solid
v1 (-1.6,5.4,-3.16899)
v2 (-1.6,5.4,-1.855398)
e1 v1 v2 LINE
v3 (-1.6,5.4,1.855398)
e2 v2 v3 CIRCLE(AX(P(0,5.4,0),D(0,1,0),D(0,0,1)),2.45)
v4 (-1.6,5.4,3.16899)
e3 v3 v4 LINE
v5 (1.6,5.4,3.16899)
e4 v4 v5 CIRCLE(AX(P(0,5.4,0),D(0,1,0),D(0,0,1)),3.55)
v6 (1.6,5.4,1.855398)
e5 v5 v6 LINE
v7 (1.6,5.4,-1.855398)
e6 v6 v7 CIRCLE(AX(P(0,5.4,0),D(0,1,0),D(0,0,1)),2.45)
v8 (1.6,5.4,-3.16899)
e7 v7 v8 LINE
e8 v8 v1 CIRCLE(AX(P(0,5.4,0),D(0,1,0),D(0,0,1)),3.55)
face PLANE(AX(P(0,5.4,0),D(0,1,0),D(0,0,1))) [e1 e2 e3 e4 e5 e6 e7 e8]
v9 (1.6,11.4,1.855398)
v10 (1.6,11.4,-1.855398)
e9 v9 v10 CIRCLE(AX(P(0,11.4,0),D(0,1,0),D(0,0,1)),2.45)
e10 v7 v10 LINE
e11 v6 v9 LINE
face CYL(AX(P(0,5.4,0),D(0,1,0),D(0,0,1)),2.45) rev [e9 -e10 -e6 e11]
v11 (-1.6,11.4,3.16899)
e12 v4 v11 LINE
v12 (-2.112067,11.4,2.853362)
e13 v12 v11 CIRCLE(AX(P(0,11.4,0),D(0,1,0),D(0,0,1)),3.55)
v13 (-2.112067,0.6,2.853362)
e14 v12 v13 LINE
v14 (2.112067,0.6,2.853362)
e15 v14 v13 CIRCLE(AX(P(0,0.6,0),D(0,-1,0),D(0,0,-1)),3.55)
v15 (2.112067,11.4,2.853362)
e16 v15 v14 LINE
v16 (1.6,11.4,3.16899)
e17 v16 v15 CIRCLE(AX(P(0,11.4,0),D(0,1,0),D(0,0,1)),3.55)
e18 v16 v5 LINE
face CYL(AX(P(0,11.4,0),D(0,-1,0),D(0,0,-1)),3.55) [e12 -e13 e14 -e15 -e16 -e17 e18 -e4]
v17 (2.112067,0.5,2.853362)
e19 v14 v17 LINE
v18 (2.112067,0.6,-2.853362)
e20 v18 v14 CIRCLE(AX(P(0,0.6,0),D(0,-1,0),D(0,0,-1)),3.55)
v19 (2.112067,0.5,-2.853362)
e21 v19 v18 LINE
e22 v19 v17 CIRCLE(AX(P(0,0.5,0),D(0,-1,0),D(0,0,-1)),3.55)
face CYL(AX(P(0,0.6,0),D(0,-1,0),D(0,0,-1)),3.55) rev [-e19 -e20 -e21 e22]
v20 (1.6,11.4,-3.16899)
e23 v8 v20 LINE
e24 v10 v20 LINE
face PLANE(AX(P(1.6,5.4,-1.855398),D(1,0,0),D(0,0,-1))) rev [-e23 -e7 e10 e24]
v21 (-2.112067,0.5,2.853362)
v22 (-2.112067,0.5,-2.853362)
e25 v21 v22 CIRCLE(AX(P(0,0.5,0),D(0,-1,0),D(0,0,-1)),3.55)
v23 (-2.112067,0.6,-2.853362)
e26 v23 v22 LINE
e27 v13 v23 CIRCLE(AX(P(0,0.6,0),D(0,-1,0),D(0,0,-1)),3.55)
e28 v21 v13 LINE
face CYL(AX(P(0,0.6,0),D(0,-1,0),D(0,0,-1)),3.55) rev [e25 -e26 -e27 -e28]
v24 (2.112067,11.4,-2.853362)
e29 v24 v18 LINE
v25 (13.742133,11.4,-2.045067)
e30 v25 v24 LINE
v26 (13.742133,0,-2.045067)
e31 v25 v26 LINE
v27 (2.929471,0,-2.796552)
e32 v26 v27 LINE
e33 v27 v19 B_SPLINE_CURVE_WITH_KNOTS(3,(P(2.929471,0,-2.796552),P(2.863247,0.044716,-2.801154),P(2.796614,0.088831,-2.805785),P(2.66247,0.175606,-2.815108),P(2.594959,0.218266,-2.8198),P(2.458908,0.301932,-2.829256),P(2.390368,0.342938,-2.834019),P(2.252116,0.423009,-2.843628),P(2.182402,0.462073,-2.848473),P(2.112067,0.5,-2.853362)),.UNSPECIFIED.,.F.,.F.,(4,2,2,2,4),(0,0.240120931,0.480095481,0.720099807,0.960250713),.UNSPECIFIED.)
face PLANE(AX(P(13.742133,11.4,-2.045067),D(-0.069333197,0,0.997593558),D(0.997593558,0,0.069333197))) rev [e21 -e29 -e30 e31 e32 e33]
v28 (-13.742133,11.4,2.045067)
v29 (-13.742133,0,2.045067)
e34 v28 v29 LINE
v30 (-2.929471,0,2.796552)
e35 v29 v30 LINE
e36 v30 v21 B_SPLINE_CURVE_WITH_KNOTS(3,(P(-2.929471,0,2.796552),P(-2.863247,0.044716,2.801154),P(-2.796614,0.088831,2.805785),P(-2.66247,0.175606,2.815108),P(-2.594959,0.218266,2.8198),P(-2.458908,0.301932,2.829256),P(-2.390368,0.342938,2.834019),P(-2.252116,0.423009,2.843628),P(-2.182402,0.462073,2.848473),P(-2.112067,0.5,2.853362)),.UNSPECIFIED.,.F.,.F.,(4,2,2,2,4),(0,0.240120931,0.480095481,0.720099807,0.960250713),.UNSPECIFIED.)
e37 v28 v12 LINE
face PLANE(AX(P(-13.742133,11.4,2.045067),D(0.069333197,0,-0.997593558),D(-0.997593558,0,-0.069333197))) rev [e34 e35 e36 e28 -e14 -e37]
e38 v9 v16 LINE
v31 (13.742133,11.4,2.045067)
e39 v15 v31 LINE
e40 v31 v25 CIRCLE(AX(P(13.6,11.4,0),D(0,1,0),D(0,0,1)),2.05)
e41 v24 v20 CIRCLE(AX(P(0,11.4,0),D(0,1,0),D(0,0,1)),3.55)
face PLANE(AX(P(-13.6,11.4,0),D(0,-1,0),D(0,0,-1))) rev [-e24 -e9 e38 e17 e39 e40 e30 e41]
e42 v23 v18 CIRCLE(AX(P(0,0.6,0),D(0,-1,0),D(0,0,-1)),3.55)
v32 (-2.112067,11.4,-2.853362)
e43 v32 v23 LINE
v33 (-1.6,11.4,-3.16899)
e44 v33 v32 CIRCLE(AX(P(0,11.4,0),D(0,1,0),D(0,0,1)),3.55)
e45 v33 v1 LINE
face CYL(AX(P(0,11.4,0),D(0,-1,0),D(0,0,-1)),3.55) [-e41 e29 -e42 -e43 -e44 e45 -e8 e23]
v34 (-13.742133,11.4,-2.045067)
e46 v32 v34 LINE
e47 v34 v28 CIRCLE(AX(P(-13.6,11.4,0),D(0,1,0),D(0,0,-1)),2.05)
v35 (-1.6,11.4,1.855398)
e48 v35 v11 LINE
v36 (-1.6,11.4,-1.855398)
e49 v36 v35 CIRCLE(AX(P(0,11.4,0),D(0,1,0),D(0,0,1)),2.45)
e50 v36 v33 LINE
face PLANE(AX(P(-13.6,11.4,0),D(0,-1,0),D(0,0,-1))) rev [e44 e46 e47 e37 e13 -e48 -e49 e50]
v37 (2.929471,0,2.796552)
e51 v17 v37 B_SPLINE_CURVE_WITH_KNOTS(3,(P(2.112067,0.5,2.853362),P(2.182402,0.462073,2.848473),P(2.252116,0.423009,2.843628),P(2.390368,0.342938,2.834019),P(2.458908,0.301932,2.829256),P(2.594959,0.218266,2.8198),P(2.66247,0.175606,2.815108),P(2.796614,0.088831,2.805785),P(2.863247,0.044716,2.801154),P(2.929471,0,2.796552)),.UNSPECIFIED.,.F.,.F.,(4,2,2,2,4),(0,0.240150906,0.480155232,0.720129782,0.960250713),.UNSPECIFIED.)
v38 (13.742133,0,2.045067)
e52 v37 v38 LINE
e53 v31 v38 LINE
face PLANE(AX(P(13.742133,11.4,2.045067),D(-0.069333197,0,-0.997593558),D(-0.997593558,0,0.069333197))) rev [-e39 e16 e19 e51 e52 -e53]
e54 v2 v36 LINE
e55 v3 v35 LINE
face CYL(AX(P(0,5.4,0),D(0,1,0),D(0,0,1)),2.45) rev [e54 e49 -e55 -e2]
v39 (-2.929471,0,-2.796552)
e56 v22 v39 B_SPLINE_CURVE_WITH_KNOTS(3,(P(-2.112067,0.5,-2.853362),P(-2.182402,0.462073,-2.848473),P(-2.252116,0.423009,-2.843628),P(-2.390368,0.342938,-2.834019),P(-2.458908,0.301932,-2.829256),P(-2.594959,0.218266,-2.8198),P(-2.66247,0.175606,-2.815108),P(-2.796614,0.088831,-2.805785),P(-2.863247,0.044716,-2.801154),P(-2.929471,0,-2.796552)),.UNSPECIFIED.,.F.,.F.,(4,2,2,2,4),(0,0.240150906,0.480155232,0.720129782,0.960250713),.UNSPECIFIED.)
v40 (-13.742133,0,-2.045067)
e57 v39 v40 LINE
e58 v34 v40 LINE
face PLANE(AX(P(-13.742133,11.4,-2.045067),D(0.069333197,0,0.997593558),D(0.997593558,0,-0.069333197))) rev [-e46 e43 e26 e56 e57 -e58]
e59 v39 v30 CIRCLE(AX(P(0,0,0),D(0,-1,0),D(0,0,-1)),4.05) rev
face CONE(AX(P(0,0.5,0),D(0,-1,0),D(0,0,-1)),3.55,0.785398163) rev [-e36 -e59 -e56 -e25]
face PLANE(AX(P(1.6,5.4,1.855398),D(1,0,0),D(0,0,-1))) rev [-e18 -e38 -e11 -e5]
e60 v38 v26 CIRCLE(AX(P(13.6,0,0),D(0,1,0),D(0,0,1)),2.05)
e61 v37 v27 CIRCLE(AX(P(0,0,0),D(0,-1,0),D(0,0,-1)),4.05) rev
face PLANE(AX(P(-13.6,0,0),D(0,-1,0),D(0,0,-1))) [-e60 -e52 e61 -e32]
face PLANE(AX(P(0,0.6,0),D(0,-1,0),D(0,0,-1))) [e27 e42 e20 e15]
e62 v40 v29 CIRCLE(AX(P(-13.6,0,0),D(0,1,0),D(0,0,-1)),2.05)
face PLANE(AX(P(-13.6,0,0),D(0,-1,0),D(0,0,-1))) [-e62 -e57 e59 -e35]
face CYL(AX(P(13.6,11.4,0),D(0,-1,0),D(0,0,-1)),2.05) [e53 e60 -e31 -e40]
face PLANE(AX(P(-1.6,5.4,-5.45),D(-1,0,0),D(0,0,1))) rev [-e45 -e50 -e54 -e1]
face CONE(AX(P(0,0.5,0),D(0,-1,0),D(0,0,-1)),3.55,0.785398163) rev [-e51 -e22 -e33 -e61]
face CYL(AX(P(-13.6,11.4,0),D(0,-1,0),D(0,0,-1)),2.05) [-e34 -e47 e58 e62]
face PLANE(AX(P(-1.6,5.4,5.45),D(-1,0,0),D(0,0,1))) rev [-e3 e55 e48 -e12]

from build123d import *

# Parameters (mm, degrees)
BOSS_EXTRUDE1_DEPTH = 11.4
CUT_EXTRUDE1_DEPTH  = 0.6
CHAMFER1_SIZE       = 0.5
CUT_EXTRUDE2_DEPTH  = 6


with BuildPart() as part:
    # Sketch2 → Boss-Extrude1 (new body)
    with BuildSketch(Plane(origin=(0, 0, 0), x_dir=(1, 0, 0), z_dir=(0, 1, 0))):
        with BuildLine():
            Line((-13.742133053, -2.045066795), (-2.112067201, -2.853361551))
            ThreePointArc((-2.112067201, -2.853361551), (0, -3.55), (2.112067201, -2.853361551))
            Line((2.112067201, -2.853361551), (13.742133053, -2.045066795))
            ThreePointArc((13.742133053, -2.045066795), (15.65, 0), (13.742133053, 2.045066795))
            Line((13.742133053, 2.045066795), (2.112067201, 2.853361551))
            ThreePointArc((2.112067201, 2.853361551), (0, 3.55), (-2.112067201, 2.853361551))
            Line((-2.112067201, 2.853361551), (-13.742133053, 2.045066795))
            ThreePointArc((-13.742133053, 2.045066795), (-15.65, 0), (-13.742133053, -2.045066795))
        make_face()
    extrude(amount=BOSS_EXTRUDE1_DEPTH)

    # Sketch3 → Cut-Extrude1 (cut)
    with BuildSketch(Plane.XZ):
        with BuildLine():
            ThreePointArc((-2.112067201, 2.853361551), (0, -3.55), (2.112067201, 2.853361551))
            ThreePointArc((2.112067201, 2.853361551), (0, 3.55), (-2.112067201, 2.853361551))
        make_face()
    extrude(amount=-CUT_EXTRUDE1_DEPTH, mode=Mode.SUBTRACT)

    # Chamfer1
    chamfer1_edges = [part.edges().sort_by_distance(p)[0] for p in [
        (-3.55, 0, 0),
        (3.55, 0, 0),
    ]]
    chamfer(chamfer1_edges, length=CHAMFER1_SIZE)

    # Shaft Key → Cut-Extrude2 (cut)
    with BuildSketch(Plane(origin=(0, 11.4, 0), x_dir=(1, 0, 0), z_dir=(0, 1, 0))):
        with BuildLine():
            Line((1.6, -1.855397532), (1.6, -5.45))
            Line((1.6, -5.45), (-1.6, -5.45))
            Line((-1.6, -5.45), (-1.6, -1.855397532))
            ThreePointArc((-1.6, -1.855397532), (-2.45, 0), (-1.6, 1.855397532))
            Line((-1.6, 1.855397532), (-1.6, 5.45))
            Line((-1.6, 5.45), (1.6, 5.45))
            Line((1.6, 5.45), (1.6, 1.855397532))
            ThreePointArc((1.6, 1.855397532), (2.45, 0), (1.6, -1.855397532))
        make_face()
    extrude(amount=-CUT_EXTRUDE2_DEPTH, mode=Mode.SUBTRACT)


solid = part.part
